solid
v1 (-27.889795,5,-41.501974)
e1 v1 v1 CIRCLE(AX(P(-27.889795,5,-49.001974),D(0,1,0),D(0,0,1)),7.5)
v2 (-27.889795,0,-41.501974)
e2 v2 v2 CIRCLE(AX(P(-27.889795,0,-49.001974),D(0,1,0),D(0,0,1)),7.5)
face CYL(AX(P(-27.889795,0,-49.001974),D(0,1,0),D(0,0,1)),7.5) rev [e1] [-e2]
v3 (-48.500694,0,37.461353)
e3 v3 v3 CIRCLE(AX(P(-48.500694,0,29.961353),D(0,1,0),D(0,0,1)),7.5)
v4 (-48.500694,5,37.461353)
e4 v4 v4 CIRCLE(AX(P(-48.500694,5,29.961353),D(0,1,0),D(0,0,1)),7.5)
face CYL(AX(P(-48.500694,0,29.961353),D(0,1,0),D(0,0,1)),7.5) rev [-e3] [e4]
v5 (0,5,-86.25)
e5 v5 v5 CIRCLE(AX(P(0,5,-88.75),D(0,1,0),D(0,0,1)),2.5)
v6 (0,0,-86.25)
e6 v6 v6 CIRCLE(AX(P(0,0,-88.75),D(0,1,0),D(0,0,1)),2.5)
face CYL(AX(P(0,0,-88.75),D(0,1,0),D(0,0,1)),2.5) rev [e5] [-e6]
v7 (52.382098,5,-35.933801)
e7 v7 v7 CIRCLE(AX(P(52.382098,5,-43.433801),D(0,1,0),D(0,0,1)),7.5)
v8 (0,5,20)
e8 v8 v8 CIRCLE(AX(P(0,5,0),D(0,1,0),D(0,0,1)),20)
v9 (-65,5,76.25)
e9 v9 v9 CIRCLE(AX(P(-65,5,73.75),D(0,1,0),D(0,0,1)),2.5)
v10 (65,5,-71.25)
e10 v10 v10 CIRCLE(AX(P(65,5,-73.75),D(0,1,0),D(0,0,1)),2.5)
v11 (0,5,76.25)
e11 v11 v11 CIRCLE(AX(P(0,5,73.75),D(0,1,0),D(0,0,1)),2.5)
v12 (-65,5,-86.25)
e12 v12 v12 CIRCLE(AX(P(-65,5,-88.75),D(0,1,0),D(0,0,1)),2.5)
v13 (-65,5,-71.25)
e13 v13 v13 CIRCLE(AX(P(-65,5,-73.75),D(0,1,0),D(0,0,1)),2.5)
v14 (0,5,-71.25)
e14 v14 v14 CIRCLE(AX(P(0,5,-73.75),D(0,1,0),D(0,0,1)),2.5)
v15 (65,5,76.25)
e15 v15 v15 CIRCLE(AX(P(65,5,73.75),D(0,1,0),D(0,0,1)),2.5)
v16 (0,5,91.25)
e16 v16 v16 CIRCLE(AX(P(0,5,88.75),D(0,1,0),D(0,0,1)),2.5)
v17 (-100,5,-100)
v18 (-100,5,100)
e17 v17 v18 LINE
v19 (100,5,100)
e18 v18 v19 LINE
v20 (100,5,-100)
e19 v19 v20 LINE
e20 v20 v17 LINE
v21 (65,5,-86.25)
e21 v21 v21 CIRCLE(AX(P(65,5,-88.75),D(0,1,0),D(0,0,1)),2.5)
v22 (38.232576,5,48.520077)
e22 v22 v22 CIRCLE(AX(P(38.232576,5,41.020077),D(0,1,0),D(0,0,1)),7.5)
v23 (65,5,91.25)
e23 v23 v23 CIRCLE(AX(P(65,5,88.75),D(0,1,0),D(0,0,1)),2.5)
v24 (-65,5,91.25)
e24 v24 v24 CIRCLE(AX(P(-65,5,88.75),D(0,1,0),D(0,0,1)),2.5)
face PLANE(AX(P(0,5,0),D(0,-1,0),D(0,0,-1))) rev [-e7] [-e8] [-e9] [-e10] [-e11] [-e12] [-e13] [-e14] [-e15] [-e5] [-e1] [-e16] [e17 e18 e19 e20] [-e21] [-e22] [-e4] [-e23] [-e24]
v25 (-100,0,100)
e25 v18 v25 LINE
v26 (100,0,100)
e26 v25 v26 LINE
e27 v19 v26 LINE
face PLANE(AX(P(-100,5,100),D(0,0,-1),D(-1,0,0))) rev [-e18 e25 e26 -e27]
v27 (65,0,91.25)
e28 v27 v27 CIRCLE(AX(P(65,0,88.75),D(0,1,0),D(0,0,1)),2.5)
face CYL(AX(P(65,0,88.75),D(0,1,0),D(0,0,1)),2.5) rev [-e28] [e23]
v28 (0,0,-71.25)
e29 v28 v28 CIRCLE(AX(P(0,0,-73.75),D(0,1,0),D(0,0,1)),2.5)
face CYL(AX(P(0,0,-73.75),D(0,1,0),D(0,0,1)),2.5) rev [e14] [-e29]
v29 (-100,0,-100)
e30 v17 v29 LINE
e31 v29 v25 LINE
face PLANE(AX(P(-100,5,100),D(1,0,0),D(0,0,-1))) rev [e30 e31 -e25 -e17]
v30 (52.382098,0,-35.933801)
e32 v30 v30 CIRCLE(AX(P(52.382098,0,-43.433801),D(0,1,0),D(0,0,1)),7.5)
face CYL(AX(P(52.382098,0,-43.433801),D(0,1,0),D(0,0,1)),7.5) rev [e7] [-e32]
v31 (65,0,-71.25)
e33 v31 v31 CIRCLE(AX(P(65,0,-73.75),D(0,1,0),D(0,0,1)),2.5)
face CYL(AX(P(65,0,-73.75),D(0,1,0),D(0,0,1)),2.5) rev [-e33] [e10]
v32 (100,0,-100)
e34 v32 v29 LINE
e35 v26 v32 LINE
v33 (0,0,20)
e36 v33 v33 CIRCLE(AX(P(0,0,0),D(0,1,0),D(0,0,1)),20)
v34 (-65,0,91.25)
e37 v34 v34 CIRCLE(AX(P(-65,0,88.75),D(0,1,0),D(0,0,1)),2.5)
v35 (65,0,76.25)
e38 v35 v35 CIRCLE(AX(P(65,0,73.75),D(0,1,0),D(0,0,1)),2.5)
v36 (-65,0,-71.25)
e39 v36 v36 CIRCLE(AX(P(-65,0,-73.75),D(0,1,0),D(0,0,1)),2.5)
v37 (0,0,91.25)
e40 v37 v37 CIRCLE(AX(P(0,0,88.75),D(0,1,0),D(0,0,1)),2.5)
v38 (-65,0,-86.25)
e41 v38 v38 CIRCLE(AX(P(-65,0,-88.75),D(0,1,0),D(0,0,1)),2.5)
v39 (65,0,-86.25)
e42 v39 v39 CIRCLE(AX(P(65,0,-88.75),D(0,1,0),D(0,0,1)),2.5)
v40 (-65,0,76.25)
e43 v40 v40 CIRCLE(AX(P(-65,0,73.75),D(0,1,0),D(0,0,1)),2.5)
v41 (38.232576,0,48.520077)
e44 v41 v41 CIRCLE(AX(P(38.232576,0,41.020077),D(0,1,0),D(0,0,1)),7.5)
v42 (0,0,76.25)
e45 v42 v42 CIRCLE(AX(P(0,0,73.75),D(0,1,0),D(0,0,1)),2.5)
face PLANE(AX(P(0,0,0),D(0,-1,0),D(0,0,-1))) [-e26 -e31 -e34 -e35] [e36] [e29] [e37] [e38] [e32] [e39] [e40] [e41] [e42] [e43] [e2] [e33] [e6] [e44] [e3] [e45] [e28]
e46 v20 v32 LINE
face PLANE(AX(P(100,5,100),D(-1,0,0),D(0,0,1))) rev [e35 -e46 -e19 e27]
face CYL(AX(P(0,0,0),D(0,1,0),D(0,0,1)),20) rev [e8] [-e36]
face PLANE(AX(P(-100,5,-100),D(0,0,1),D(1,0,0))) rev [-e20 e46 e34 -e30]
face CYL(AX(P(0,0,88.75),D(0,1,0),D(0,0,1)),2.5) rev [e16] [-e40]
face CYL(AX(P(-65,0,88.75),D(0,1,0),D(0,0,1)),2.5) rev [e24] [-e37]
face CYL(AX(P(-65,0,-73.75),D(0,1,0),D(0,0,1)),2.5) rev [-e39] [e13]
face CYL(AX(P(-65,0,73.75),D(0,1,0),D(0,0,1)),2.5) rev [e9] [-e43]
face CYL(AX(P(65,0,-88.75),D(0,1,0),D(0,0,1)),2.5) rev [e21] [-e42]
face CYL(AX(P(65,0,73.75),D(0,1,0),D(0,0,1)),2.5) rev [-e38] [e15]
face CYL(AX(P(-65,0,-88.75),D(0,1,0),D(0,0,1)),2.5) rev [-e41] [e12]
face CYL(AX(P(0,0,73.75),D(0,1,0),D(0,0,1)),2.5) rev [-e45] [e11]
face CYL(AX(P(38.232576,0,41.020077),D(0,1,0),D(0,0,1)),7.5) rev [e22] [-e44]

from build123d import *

# Parameters (mm, degrees)
SKETCH2_W              = 200
SKETCH2_H              = 200
BOSS_EXTRUDE1_DEPTH    = 5
SKETCH3_W              = 5
SKETCH3_H              = 30
BOSS_EXTRUDE2_DEPTH    = 60
CUT_EXTRUDE1_REACH     = 189.75
SKETCH4_R              = 5
FILLET1_R              = 10
LPATTERN1_COUNT        = 3
LPATTERN1_PITCH        = 57.5
LPATTERN1_COUNT_DIR2   = 2
LPATTERN1_PITCH_DIR2   = 136.25
FILLET1_OF_LPATTERN1_R = 10
SKETCH6_R              = 20
CUT_EXTRUDE3_DEPTH     = 154.622914957
SKETCH10_R             = 2.5
CUT_EXTRUDE4_DEPTH     = 154.622914957
LPATTERN2_COUNT        = 3
LPATTERN2_PITCH        = 65
LPATTERN2_COUNT_DIR2   = 2
LPATTERN2_PITCH_DIR2   = 162.5
SKETCH11_W             = 200
SKETCH11_H             = 200
CUT_EXTRUDE5_DEPTH     = 154.622914957
SKETCH12_R             = 7.5
CUT_EXTRUDE6_DEPTH     = 142.509716981


with BuildPart() as part:
    # Sketch2 → Boss-Extrude1 (new body)
    with BuildSketch(Plane(origin=(0, 0, 0), x_dir=(1, 0, 0), z_dir=(0, 1, 0))):
        Rectangle(SKETCH2_W, SKETCH2_H)
    extrude(amount=BOSS_EXTRUDE1_DEPTH)

    # Sketch3 → Boss-Extrude2 (add)
    with BuildSketch(Plane(origin=(0, 5, 0), x_dir=(1, 0, 0), z_dir=(0, 1, 0))):
        with Locations((-82.5, 81.25)):
            Rectangle(SKETCH3_W, SKETCH3_H)
        with Locations((-47.5, 81.25)):
            Rectangle(SKETCH3_W, SKETCH3_H)
    boss_extrude2 = extrude(amount=BOSS_EXTRUDE2_DEPTH)

    # Cut-Extrude1: up to this face of the body (flat: up to its plane)
    cut_extrude1_end = Plane(part.part.faces().sort_by_distance((-85, 35, -81.25))[0])
    # Sketch4 → Cut-Extrude1 (cut, up to the picked face)
    with BuildSketch(Plane(origin=(-45, 0, 0), x_dir=(0, 0, -1), z_dir=(1, 0, 0)), mode=Mode.PRIVATE) as cut_extrude1_sk1:
        with Locations((81.25, 55)):
            Circle(SKETCH4_R)
    cut_extrude1_tool1 = split(extrude(cut_extrude1_sk1.sketch, amount=-CUT_EXTRUDE1_REACH, mode=Mode.PRIVATE), bisect_by=cut_extrude1_end, keep=Keep.BOTH, mode=Mode.PRIVATE)
    cut_extrude1 = cut_extrude1_tool1.solids().sort_by(Axis((-45, 55, -81.25), (-1, 0, 0)))[0]
    add(cut_extrude1, mode=Mode.SUBTRACT)

    # Fillet1
    fillet1_edges = [part.edges().sort_by_distance(p)[0] for p in [
        (-82.5, 65, -96.25),
        (-82.5, 65, -66.25),
        (-47.5, 65, -96.25),
        (-47.5, 65, -66.25),
    ]]
    fillet(fillet1_edges, radius=FILLET1_R)

    # LPattern1: Boss-Extrude2, Cut-Extrude1 3 × 2
    with Locations(*[(i * LPATTERN1_PITCH, 0, j * LPATTERN1_PITCH_DIR2) for i in range(LPATTERN1_COUNT) for j in range(LPATTERN1_COUNT_DIR2) if (i, j) != (0, 0)]):
        add(boss_extrude2)
        add(cut_extrude1, mode=Mode.SUBTRACT)

    # Fillet1 of LPattern1
    fillet1_of_lpattern1_edges = [part.edges().sort_by_distance(p)[0] for p in [
        (-82.5, 65, 40),
        (-82.5, 65, 70),
        (-47.5, 65, 40),
        (-47.5, 65, 70),
        (-25, 65, -96.25),
        (-25, 65, -66.25),
        (10, 65, -96.25),
        (10, 65, -66.25),
        (-25, 65, 40),
        (-25, 65, 70),
        (10, 65, 40),
        (10, 65, 70),
        (32.5, 65, -96.25),
        (32.5, 65, -66.25),
        (67.5, 65, -96.25),
        (67.5, 65, -66.25),
        (32.5, 65, 40),
        (32.5, 65, 70),
        (67.5, 65, 40),
        (67.5, 65, 70),
    ]]
    fillet(fillet1_of_lpattern1_edges, radius=FILLET1_OF_LPATTERN1_R)

    # Sketch6 → Cut-Extrude3 (cut, through all)
    with BuildSketch(Plane(origin=(0, 5, 0), x_dir=(1, 0, 0), z_dir=(0, 1, 0))):
        with Locations(Location((0, 0, 0), (0, 0, 270))):
            Circle(SKETCH6_R)
    extrude(amount=-CUT_EXTRUDE3_DEPTH, mode=Mode.SUBTRACT)

    # Sketch10 → Cut-Extrude4 (cut, through all)
    with BuildSketch(Plane(origin=(0, 5, 0), x_dir=(1, 0, 0), z_dir=(0, 1, 0))):
        with Locations(Location((-65, 88.75, 0), (0, 0, 270))):
            Circle(SKETCH10_R)
        with Locations(Location((-65, 73.75, 0), (0, 0, 270))):
            Circle(SKETCH10_R)
    cut_extrude4 = extrude(amount=-CUT_EXTRUDE4_DEPTH, mode=Mode.SUBTRACT)

    # LPattern2: Cut-Extrude4 3 × 2
    with Locations(*[(i * LPATTERN2_PITCH, 0, j * LPATTERN2_PITCH_DIR2) for i in range(LPATTERN2_COUNT) for j in range(LPATTERN2_COUNT_DIR2) if (i, j) != (0, 0)]):
        add(cut_extrude4, mode=Mode.SUBTRACT)

    # Sketch11 → Cut-Extrude5 (cut, through all)
    with BuildSketch(Plane(origin=(0, 5, 0), x_dir=(1, 0, 0), z_dir=(0, 1, 0))):
        Rectangle(SKETCH11_W, SKETCH11_H)
    extrude(amount=CUT_EXTRUDE5_DEPTH, mode=Mode.SUBTRACT)

    # Sketch12 → Cut-Extrude6 (cut, through all)
    with BuildSketch(Plane(origin=(0, 5, 0), x_dir=(1, 0, 0), z_dir=(0, 1, 0))):
        with Locations(Location((-27.889795318, 49.001974117, 0), (0, 0, 270))):
            Circle(SKETCH12_R)
        with Locations(Location((-48.500694077, -29.961353007, 0), (0, 0, 270))):
            Circle(SKETCH12_R)
        with Locations(Location((38.23257582, -41.020077289, 0), (0, 0, 270))):
            Circle(SKETCH12_R)
        with Locations(Location((52.382098498, 43.433800873, 0), (0, 0, 270))):
            Circle(SKETCH12_R)
    extrude(amount=-CUT_EXTRUDE6_DEPTH, mode=Mode.SUBTRACT)


solid = part.part
